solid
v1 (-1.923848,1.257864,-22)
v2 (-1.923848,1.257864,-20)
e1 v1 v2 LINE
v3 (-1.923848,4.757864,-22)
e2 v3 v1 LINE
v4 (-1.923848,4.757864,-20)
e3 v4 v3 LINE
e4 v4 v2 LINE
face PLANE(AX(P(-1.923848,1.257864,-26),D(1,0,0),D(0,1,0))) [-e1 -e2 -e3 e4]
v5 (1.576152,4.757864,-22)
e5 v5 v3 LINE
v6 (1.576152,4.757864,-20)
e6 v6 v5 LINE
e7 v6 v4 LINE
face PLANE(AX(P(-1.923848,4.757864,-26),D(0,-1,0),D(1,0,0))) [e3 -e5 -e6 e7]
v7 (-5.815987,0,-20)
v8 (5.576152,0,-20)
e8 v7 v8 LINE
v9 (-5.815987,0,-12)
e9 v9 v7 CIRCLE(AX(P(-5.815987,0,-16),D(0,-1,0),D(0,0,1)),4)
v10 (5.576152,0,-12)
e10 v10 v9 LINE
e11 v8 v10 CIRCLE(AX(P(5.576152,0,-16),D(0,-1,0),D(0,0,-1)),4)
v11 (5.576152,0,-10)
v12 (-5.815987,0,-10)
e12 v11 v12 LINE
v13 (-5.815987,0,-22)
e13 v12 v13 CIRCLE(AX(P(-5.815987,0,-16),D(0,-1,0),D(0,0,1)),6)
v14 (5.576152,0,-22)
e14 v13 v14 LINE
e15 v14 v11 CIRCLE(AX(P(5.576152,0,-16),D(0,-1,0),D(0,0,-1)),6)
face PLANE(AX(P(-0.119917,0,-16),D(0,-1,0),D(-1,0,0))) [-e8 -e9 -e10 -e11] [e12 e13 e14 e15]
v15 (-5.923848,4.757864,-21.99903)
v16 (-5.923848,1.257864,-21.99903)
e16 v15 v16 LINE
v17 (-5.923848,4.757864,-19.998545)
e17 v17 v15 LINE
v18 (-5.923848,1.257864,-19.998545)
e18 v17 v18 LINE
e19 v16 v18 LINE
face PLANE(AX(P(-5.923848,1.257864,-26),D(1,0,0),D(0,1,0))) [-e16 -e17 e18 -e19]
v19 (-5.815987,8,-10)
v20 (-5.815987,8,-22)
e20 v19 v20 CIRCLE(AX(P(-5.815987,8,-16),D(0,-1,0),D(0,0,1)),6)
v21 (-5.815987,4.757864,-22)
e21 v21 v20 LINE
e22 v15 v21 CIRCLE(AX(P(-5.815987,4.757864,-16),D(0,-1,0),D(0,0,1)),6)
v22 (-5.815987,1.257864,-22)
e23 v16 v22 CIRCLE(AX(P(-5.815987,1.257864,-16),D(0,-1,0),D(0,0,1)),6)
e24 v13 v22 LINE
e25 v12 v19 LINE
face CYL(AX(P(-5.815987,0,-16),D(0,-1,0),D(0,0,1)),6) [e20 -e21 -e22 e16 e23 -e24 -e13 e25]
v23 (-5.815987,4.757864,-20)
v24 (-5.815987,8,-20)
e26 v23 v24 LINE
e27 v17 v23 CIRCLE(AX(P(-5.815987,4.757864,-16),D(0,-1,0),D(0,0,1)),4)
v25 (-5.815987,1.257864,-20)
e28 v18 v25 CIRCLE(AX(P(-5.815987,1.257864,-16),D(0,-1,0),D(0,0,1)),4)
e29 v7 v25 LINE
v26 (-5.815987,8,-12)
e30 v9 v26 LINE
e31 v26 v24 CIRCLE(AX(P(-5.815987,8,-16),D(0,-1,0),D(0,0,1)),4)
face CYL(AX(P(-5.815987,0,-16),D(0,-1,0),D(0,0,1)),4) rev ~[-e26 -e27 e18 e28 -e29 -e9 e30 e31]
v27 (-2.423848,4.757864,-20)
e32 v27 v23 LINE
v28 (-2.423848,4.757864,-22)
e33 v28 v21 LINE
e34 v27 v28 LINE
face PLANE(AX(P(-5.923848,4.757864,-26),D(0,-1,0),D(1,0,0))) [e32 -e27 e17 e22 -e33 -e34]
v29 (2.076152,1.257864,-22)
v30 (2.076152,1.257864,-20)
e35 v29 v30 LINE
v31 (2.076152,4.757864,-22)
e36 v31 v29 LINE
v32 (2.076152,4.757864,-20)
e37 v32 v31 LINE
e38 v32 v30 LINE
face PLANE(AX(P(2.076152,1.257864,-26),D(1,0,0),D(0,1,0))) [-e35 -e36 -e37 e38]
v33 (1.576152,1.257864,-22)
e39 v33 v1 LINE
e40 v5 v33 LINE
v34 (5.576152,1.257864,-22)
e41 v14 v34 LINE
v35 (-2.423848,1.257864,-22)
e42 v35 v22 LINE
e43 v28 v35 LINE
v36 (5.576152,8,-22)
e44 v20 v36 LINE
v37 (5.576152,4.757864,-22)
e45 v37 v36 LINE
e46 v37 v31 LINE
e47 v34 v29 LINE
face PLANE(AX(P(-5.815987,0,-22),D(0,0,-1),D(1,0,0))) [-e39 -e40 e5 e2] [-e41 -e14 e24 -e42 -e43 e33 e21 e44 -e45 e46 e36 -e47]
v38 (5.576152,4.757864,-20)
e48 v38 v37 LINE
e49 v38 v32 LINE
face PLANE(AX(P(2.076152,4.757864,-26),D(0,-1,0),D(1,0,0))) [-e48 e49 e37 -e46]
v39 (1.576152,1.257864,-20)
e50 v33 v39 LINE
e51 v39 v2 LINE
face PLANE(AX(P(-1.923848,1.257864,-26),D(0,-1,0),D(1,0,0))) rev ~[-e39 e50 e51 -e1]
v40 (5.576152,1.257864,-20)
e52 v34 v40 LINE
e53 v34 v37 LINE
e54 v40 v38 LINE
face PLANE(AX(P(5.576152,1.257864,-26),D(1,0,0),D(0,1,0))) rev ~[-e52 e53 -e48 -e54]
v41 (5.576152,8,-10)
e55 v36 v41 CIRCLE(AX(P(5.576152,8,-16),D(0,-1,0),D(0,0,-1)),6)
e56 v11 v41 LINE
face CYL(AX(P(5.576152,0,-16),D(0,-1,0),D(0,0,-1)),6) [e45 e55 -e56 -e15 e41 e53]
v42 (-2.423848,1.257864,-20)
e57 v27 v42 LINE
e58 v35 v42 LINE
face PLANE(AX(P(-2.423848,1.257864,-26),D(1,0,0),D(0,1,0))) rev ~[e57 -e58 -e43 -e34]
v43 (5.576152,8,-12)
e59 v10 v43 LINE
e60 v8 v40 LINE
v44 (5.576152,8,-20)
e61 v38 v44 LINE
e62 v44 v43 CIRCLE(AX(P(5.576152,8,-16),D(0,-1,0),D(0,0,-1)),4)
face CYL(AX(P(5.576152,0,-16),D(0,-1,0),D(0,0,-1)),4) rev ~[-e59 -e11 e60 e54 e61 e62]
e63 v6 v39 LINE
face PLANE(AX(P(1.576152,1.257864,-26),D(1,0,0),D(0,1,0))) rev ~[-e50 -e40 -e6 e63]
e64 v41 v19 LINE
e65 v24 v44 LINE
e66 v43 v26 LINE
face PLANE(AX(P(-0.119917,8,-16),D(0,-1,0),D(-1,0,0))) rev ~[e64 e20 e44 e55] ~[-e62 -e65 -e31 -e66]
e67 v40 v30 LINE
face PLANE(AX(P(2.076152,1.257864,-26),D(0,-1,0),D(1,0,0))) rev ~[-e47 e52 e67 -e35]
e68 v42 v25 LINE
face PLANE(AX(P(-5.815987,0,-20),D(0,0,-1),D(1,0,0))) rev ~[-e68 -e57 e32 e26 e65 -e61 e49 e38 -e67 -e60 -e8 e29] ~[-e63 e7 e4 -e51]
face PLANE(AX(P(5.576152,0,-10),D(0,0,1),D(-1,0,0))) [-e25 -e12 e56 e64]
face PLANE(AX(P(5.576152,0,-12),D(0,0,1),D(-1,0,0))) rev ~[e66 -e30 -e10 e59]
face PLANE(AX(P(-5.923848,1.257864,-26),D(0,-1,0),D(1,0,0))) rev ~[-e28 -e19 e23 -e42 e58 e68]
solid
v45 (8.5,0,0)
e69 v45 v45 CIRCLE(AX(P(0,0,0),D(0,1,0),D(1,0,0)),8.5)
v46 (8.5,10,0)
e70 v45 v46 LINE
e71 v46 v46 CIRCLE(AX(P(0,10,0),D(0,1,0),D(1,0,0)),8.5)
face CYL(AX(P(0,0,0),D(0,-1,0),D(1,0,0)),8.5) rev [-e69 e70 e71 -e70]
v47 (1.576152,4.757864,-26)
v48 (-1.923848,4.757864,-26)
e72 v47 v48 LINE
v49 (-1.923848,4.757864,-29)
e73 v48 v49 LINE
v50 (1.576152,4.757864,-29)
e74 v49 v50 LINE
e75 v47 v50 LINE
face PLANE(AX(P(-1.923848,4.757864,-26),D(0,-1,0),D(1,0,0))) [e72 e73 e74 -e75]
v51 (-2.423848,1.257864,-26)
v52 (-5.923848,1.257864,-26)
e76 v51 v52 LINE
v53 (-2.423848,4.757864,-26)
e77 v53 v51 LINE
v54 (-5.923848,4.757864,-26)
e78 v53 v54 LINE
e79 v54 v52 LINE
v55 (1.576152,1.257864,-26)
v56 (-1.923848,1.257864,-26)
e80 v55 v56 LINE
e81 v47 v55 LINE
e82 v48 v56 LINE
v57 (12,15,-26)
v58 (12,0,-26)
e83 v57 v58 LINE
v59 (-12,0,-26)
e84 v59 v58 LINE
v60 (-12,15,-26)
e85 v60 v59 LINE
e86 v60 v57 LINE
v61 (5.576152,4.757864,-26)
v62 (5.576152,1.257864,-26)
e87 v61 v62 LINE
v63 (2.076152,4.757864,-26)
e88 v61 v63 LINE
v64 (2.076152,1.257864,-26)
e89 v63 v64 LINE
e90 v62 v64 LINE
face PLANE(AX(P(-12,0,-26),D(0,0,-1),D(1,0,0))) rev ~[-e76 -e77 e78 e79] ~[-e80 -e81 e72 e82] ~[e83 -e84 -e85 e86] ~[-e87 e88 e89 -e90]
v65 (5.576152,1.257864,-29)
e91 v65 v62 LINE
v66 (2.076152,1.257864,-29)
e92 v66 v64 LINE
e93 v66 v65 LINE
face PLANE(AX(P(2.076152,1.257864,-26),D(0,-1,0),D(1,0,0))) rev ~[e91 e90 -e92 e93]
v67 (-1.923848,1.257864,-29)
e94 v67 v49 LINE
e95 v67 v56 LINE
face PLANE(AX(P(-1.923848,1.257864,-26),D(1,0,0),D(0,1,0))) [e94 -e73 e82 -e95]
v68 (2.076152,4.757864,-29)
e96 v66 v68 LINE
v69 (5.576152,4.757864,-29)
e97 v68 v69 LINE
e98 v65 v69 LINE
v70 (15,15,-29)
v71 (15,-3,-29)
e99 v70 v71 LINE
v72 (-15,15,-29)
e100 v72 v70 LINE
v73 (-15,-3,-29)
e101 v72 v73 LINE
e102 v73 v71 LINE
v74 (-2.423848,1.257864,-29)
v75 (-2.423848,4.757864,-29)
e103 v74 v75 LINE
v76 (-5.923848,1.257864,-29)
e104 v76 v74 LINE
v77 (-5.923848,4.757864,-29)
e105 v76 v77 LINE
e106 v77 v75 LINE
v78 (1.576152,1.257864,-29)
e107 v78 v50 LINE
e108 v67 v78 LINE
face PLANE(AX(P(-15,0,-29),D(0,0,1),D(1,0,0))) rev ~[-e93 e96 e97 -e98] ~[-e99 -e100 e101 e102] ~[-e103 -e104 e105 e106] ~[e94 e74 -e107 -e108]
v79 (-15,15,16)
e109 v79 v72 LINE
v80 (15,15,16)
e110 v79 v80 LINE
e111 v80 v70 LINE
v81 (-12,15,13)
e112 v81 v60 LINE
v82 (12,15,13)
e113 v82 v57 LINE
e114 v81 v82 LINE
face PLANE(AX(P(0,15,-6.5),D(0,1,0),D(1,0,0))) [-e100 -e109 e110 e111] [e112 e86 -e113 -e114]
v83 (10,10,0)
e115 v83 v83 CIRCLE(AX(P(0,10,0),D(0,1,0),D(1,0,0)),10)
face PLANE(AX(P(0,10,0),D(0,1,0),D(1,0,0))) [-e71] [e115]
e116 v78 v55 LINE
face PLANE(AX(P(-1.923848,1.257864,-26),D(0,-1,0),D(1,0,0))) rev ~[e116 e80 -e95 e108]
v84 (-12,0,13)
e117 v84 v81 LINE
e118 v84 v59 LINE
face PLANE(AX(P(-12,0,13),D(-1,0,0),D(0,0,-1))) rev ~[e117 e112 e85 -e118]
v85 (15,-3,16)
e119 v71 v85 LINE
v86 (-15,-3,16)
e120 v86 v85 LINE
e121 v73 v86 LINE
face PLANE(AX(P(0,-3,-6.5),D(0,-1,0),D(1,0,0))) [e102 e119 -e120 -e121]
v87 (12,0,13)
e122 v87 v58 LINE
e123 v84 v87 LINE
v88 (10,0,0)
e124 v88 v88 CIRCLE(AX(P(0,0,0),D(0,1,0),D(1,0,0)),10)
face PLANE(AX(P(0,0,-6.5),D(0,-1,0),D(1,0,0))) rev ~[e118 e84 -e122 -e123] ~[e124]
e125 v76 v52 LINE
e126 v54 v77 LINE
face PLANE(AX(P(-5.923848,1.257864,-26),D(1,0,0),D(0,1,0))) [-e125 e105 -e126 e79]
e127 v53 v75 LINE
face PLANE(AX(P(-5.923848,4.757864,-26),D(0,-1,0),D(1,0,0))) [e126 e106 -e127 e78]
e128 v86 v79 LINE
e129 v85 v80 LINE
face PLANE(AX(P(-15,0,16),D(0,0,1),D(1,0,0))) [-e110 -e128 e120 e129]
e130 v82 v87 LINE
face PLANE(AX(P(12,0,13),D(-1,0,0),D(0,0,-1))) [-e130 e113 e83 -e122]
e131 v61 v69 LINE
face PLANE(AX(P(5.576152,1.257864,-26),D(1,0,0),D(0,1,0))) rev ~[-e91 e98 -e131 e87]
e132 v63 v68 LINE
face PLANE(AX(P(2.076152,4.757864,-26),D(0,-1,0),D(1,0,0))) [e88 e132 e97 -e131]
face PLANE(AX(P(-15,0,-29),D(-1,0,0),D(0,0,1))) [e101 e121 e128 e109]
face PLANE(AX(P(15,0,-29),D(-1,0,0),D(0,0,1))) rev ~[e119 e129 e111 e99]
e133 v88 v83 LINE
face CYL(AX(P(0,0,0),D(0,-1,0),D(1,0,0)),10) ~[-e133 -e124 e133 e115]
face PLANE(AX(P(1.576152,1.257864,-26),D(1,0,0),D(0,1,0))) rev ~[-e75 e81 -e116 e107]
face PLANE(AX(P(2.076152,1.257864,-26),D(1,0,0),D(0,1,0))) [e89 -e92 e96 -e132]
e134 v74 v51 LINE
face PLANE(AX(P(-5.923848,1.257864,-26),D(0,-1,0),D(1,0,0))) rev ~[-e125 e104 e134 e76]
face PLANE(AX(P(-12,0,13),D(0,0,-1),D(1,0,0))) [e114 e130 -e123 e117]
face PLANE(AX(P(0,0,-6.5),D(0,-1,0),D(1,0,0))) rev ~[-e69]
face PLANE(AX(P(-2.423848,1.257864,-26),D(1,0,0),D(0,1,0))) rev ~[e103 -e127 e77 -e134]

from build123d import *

# Parameters (mm, degrees)
SKETCH1_W               = 30
SKETCH1_H               = 45
SKETCH1_W_2             = 24
SKETCH1_H_2             = 39
BOSS_EXTRUDE4_DEPTH     = 10
SKETCH1_R               = 10
SKETCH1_R_2             = 8.5
BOSS_EXTRUDE4_2_DEPTH   = 10
SKETCH1_5_W             = 30
SKETCH1_5_H             = 45
SKETCH1_5_W_2           = 24
SKETCH1_5_H_2           = 39
BOSS_EXTRUDE5_DEPTH     = 15
SKETCH3_W               = 30
SKETCH3_H               = 45
BOSS_EXTRUDE6_DEPTH     = 3
BOSS_EXTRUDE9_DEPTH     = 8
CUT_EXTRUDE2_DEPTH      = 11
CUT_EXTRUDE2_DEPTH_BACK = 8
SKETCH6_W               = 3.5
SKETCH6_H               = 3.5


with BuildPart() as part:
    # Sketch1 → Boss-Extrude4 (new body)
    with BuildSketch(Plane(origin=(0, 0, 0), x_dir=(1, 0, 0), z_dir=(0, 1, 0))):
        with Locations((0, 6.5)):
            Rectangle(SKETCH1_W, SKETCH1_H)
        with Locations((0, 6.5)):
            Rectangle(SKETCH1_W_2, SKETCH1_H_2, mode=Mode.SUBTRACT)
    extrude(amount=BOSS_EXTRUDE4_DEPTH)

    # Sketch1<5> → Boss-Extrude5 (add)
    with BuildSketch(Plane(origin=(0, 0, 0), x_dir=(1, 0, 0), z_dir=(0, 1, 0))):
        with Locations((0, 6.5)):
            Rectangle(SKETCH1_5_W, SKETCH1_5_H)
        with Locations((0, 6.5)):
            Rectangle(SKETCH1_5_W_2, SKETCH1_5_H_2, mode=Mode.SUBTRACT)
    extrude(amount=BOSS_EXTRUDE5_DEPTH)



with BuildPart() as body_2:
    # Sketch1 → Boss-Extrude4 2 (new body)
    with BuildSketch(Plane(origin=(0, 0, 0), x_dir=(1, 0, 0), z_dir=(0, 1, 0))):
        Circle(SKETCH1_R)
        Circle(SKETCH1_R_2, mode=Mode.SUBTRACT)
    extrude(amount=BOSS_EXTRUDE4_2_DEPTH)


with BuildPart() as part_1:
    add(part.part)

    add(body_2.part)  # Boss-Extrude6 merges body 2
    # Sketch3 → Boss-Extrude6 (add)
    with BuildSketch(Plane.XZ):
        with Locations((0, -6.5)):
            Rectangle(SKETCH3_W, SKETCH3_H)
    extrude(amount=BOSS_EXTRUDE6_DEPTH)


with BuildPart() as body_2_2:
    # Sketch4 → Boss-Extrude9 (new body)
    with BuildSketch(Plane(origin=(0, 0, 0), x_dir=(1, 0, 0), z_dir=(0, 1, 0))):
        with BuildLine():
            Line((-5.815986723, 22), (5.576152219, 22))
            ThreePointArc((5.576152219, 22), (11.576152219, 16), (5.576152219, 10))
            Line((5.576152219, 10), (-5.815986723, 10))
            ThreePointArc((-5.815986723, 10), (-11.815986723, 16), (-5.815986723, 22))
        make_face()
        with BuildLine():
            Line((-5.815986723, 20), (5.576152219, 20))
            ThreePointArc((5.576152219, 20), (9.576152219, 16), (5.576152219, 12))
            Line((5.576152219, 12), (-5.815986723, 12))
            ThreePointArc((-5.815986723, 12), (-9.815986723, 16), (-5.815986723, 20))
        make_face(mode=Mode.SUBTRACT)
    extrude(amount=BOSS_EXTRUDE9_DEPTH)


with BuildPart() as cut_extrude2_tool:
    # Sketch6 → Cut-Extrude2 (new, two sides: drawn at the far end of the back side and taken through both)
    with BuildSketch(Plane.XY.offset(-26).offset(-CUT_EXTRUDE2_DEPTH_BACK)):
        with Locations((3.826152219, 3.007864186)):
            Rectangle(SKETCH6_W, SKETCH6_H)
        with Locations((-0.173847781, 3.007864186)):
            Rectangle(SKETCH6_W, SKETCH6_H)
        with Locations((-4.173847781, 3.007864186)):
            Rectangle(SKETCH6_W, SKETCH6_H)
    extrude(amount=CUT_EXTRUDE2_DEPTH + CUT_EXTRUDE2_DEPTH_BACK)


with BuildPart() as part_2:
    add(part_1.part)

    # Cut-Extrude2: cut by cut_extrude2_tool
    add(cut_extrude2_tool.part, mode=Mode.SUBTRACT)


with BuildPart() as body_2_2_1:
    add(body_2_2.part)

    # Cut-Extrude2: cut by cut_extrude2_tool
    add(cut_extrude2_tool.part, mode=Mode.SUBTRACT)


solid = Compound([part_2.part, body_2_2_1.part])
